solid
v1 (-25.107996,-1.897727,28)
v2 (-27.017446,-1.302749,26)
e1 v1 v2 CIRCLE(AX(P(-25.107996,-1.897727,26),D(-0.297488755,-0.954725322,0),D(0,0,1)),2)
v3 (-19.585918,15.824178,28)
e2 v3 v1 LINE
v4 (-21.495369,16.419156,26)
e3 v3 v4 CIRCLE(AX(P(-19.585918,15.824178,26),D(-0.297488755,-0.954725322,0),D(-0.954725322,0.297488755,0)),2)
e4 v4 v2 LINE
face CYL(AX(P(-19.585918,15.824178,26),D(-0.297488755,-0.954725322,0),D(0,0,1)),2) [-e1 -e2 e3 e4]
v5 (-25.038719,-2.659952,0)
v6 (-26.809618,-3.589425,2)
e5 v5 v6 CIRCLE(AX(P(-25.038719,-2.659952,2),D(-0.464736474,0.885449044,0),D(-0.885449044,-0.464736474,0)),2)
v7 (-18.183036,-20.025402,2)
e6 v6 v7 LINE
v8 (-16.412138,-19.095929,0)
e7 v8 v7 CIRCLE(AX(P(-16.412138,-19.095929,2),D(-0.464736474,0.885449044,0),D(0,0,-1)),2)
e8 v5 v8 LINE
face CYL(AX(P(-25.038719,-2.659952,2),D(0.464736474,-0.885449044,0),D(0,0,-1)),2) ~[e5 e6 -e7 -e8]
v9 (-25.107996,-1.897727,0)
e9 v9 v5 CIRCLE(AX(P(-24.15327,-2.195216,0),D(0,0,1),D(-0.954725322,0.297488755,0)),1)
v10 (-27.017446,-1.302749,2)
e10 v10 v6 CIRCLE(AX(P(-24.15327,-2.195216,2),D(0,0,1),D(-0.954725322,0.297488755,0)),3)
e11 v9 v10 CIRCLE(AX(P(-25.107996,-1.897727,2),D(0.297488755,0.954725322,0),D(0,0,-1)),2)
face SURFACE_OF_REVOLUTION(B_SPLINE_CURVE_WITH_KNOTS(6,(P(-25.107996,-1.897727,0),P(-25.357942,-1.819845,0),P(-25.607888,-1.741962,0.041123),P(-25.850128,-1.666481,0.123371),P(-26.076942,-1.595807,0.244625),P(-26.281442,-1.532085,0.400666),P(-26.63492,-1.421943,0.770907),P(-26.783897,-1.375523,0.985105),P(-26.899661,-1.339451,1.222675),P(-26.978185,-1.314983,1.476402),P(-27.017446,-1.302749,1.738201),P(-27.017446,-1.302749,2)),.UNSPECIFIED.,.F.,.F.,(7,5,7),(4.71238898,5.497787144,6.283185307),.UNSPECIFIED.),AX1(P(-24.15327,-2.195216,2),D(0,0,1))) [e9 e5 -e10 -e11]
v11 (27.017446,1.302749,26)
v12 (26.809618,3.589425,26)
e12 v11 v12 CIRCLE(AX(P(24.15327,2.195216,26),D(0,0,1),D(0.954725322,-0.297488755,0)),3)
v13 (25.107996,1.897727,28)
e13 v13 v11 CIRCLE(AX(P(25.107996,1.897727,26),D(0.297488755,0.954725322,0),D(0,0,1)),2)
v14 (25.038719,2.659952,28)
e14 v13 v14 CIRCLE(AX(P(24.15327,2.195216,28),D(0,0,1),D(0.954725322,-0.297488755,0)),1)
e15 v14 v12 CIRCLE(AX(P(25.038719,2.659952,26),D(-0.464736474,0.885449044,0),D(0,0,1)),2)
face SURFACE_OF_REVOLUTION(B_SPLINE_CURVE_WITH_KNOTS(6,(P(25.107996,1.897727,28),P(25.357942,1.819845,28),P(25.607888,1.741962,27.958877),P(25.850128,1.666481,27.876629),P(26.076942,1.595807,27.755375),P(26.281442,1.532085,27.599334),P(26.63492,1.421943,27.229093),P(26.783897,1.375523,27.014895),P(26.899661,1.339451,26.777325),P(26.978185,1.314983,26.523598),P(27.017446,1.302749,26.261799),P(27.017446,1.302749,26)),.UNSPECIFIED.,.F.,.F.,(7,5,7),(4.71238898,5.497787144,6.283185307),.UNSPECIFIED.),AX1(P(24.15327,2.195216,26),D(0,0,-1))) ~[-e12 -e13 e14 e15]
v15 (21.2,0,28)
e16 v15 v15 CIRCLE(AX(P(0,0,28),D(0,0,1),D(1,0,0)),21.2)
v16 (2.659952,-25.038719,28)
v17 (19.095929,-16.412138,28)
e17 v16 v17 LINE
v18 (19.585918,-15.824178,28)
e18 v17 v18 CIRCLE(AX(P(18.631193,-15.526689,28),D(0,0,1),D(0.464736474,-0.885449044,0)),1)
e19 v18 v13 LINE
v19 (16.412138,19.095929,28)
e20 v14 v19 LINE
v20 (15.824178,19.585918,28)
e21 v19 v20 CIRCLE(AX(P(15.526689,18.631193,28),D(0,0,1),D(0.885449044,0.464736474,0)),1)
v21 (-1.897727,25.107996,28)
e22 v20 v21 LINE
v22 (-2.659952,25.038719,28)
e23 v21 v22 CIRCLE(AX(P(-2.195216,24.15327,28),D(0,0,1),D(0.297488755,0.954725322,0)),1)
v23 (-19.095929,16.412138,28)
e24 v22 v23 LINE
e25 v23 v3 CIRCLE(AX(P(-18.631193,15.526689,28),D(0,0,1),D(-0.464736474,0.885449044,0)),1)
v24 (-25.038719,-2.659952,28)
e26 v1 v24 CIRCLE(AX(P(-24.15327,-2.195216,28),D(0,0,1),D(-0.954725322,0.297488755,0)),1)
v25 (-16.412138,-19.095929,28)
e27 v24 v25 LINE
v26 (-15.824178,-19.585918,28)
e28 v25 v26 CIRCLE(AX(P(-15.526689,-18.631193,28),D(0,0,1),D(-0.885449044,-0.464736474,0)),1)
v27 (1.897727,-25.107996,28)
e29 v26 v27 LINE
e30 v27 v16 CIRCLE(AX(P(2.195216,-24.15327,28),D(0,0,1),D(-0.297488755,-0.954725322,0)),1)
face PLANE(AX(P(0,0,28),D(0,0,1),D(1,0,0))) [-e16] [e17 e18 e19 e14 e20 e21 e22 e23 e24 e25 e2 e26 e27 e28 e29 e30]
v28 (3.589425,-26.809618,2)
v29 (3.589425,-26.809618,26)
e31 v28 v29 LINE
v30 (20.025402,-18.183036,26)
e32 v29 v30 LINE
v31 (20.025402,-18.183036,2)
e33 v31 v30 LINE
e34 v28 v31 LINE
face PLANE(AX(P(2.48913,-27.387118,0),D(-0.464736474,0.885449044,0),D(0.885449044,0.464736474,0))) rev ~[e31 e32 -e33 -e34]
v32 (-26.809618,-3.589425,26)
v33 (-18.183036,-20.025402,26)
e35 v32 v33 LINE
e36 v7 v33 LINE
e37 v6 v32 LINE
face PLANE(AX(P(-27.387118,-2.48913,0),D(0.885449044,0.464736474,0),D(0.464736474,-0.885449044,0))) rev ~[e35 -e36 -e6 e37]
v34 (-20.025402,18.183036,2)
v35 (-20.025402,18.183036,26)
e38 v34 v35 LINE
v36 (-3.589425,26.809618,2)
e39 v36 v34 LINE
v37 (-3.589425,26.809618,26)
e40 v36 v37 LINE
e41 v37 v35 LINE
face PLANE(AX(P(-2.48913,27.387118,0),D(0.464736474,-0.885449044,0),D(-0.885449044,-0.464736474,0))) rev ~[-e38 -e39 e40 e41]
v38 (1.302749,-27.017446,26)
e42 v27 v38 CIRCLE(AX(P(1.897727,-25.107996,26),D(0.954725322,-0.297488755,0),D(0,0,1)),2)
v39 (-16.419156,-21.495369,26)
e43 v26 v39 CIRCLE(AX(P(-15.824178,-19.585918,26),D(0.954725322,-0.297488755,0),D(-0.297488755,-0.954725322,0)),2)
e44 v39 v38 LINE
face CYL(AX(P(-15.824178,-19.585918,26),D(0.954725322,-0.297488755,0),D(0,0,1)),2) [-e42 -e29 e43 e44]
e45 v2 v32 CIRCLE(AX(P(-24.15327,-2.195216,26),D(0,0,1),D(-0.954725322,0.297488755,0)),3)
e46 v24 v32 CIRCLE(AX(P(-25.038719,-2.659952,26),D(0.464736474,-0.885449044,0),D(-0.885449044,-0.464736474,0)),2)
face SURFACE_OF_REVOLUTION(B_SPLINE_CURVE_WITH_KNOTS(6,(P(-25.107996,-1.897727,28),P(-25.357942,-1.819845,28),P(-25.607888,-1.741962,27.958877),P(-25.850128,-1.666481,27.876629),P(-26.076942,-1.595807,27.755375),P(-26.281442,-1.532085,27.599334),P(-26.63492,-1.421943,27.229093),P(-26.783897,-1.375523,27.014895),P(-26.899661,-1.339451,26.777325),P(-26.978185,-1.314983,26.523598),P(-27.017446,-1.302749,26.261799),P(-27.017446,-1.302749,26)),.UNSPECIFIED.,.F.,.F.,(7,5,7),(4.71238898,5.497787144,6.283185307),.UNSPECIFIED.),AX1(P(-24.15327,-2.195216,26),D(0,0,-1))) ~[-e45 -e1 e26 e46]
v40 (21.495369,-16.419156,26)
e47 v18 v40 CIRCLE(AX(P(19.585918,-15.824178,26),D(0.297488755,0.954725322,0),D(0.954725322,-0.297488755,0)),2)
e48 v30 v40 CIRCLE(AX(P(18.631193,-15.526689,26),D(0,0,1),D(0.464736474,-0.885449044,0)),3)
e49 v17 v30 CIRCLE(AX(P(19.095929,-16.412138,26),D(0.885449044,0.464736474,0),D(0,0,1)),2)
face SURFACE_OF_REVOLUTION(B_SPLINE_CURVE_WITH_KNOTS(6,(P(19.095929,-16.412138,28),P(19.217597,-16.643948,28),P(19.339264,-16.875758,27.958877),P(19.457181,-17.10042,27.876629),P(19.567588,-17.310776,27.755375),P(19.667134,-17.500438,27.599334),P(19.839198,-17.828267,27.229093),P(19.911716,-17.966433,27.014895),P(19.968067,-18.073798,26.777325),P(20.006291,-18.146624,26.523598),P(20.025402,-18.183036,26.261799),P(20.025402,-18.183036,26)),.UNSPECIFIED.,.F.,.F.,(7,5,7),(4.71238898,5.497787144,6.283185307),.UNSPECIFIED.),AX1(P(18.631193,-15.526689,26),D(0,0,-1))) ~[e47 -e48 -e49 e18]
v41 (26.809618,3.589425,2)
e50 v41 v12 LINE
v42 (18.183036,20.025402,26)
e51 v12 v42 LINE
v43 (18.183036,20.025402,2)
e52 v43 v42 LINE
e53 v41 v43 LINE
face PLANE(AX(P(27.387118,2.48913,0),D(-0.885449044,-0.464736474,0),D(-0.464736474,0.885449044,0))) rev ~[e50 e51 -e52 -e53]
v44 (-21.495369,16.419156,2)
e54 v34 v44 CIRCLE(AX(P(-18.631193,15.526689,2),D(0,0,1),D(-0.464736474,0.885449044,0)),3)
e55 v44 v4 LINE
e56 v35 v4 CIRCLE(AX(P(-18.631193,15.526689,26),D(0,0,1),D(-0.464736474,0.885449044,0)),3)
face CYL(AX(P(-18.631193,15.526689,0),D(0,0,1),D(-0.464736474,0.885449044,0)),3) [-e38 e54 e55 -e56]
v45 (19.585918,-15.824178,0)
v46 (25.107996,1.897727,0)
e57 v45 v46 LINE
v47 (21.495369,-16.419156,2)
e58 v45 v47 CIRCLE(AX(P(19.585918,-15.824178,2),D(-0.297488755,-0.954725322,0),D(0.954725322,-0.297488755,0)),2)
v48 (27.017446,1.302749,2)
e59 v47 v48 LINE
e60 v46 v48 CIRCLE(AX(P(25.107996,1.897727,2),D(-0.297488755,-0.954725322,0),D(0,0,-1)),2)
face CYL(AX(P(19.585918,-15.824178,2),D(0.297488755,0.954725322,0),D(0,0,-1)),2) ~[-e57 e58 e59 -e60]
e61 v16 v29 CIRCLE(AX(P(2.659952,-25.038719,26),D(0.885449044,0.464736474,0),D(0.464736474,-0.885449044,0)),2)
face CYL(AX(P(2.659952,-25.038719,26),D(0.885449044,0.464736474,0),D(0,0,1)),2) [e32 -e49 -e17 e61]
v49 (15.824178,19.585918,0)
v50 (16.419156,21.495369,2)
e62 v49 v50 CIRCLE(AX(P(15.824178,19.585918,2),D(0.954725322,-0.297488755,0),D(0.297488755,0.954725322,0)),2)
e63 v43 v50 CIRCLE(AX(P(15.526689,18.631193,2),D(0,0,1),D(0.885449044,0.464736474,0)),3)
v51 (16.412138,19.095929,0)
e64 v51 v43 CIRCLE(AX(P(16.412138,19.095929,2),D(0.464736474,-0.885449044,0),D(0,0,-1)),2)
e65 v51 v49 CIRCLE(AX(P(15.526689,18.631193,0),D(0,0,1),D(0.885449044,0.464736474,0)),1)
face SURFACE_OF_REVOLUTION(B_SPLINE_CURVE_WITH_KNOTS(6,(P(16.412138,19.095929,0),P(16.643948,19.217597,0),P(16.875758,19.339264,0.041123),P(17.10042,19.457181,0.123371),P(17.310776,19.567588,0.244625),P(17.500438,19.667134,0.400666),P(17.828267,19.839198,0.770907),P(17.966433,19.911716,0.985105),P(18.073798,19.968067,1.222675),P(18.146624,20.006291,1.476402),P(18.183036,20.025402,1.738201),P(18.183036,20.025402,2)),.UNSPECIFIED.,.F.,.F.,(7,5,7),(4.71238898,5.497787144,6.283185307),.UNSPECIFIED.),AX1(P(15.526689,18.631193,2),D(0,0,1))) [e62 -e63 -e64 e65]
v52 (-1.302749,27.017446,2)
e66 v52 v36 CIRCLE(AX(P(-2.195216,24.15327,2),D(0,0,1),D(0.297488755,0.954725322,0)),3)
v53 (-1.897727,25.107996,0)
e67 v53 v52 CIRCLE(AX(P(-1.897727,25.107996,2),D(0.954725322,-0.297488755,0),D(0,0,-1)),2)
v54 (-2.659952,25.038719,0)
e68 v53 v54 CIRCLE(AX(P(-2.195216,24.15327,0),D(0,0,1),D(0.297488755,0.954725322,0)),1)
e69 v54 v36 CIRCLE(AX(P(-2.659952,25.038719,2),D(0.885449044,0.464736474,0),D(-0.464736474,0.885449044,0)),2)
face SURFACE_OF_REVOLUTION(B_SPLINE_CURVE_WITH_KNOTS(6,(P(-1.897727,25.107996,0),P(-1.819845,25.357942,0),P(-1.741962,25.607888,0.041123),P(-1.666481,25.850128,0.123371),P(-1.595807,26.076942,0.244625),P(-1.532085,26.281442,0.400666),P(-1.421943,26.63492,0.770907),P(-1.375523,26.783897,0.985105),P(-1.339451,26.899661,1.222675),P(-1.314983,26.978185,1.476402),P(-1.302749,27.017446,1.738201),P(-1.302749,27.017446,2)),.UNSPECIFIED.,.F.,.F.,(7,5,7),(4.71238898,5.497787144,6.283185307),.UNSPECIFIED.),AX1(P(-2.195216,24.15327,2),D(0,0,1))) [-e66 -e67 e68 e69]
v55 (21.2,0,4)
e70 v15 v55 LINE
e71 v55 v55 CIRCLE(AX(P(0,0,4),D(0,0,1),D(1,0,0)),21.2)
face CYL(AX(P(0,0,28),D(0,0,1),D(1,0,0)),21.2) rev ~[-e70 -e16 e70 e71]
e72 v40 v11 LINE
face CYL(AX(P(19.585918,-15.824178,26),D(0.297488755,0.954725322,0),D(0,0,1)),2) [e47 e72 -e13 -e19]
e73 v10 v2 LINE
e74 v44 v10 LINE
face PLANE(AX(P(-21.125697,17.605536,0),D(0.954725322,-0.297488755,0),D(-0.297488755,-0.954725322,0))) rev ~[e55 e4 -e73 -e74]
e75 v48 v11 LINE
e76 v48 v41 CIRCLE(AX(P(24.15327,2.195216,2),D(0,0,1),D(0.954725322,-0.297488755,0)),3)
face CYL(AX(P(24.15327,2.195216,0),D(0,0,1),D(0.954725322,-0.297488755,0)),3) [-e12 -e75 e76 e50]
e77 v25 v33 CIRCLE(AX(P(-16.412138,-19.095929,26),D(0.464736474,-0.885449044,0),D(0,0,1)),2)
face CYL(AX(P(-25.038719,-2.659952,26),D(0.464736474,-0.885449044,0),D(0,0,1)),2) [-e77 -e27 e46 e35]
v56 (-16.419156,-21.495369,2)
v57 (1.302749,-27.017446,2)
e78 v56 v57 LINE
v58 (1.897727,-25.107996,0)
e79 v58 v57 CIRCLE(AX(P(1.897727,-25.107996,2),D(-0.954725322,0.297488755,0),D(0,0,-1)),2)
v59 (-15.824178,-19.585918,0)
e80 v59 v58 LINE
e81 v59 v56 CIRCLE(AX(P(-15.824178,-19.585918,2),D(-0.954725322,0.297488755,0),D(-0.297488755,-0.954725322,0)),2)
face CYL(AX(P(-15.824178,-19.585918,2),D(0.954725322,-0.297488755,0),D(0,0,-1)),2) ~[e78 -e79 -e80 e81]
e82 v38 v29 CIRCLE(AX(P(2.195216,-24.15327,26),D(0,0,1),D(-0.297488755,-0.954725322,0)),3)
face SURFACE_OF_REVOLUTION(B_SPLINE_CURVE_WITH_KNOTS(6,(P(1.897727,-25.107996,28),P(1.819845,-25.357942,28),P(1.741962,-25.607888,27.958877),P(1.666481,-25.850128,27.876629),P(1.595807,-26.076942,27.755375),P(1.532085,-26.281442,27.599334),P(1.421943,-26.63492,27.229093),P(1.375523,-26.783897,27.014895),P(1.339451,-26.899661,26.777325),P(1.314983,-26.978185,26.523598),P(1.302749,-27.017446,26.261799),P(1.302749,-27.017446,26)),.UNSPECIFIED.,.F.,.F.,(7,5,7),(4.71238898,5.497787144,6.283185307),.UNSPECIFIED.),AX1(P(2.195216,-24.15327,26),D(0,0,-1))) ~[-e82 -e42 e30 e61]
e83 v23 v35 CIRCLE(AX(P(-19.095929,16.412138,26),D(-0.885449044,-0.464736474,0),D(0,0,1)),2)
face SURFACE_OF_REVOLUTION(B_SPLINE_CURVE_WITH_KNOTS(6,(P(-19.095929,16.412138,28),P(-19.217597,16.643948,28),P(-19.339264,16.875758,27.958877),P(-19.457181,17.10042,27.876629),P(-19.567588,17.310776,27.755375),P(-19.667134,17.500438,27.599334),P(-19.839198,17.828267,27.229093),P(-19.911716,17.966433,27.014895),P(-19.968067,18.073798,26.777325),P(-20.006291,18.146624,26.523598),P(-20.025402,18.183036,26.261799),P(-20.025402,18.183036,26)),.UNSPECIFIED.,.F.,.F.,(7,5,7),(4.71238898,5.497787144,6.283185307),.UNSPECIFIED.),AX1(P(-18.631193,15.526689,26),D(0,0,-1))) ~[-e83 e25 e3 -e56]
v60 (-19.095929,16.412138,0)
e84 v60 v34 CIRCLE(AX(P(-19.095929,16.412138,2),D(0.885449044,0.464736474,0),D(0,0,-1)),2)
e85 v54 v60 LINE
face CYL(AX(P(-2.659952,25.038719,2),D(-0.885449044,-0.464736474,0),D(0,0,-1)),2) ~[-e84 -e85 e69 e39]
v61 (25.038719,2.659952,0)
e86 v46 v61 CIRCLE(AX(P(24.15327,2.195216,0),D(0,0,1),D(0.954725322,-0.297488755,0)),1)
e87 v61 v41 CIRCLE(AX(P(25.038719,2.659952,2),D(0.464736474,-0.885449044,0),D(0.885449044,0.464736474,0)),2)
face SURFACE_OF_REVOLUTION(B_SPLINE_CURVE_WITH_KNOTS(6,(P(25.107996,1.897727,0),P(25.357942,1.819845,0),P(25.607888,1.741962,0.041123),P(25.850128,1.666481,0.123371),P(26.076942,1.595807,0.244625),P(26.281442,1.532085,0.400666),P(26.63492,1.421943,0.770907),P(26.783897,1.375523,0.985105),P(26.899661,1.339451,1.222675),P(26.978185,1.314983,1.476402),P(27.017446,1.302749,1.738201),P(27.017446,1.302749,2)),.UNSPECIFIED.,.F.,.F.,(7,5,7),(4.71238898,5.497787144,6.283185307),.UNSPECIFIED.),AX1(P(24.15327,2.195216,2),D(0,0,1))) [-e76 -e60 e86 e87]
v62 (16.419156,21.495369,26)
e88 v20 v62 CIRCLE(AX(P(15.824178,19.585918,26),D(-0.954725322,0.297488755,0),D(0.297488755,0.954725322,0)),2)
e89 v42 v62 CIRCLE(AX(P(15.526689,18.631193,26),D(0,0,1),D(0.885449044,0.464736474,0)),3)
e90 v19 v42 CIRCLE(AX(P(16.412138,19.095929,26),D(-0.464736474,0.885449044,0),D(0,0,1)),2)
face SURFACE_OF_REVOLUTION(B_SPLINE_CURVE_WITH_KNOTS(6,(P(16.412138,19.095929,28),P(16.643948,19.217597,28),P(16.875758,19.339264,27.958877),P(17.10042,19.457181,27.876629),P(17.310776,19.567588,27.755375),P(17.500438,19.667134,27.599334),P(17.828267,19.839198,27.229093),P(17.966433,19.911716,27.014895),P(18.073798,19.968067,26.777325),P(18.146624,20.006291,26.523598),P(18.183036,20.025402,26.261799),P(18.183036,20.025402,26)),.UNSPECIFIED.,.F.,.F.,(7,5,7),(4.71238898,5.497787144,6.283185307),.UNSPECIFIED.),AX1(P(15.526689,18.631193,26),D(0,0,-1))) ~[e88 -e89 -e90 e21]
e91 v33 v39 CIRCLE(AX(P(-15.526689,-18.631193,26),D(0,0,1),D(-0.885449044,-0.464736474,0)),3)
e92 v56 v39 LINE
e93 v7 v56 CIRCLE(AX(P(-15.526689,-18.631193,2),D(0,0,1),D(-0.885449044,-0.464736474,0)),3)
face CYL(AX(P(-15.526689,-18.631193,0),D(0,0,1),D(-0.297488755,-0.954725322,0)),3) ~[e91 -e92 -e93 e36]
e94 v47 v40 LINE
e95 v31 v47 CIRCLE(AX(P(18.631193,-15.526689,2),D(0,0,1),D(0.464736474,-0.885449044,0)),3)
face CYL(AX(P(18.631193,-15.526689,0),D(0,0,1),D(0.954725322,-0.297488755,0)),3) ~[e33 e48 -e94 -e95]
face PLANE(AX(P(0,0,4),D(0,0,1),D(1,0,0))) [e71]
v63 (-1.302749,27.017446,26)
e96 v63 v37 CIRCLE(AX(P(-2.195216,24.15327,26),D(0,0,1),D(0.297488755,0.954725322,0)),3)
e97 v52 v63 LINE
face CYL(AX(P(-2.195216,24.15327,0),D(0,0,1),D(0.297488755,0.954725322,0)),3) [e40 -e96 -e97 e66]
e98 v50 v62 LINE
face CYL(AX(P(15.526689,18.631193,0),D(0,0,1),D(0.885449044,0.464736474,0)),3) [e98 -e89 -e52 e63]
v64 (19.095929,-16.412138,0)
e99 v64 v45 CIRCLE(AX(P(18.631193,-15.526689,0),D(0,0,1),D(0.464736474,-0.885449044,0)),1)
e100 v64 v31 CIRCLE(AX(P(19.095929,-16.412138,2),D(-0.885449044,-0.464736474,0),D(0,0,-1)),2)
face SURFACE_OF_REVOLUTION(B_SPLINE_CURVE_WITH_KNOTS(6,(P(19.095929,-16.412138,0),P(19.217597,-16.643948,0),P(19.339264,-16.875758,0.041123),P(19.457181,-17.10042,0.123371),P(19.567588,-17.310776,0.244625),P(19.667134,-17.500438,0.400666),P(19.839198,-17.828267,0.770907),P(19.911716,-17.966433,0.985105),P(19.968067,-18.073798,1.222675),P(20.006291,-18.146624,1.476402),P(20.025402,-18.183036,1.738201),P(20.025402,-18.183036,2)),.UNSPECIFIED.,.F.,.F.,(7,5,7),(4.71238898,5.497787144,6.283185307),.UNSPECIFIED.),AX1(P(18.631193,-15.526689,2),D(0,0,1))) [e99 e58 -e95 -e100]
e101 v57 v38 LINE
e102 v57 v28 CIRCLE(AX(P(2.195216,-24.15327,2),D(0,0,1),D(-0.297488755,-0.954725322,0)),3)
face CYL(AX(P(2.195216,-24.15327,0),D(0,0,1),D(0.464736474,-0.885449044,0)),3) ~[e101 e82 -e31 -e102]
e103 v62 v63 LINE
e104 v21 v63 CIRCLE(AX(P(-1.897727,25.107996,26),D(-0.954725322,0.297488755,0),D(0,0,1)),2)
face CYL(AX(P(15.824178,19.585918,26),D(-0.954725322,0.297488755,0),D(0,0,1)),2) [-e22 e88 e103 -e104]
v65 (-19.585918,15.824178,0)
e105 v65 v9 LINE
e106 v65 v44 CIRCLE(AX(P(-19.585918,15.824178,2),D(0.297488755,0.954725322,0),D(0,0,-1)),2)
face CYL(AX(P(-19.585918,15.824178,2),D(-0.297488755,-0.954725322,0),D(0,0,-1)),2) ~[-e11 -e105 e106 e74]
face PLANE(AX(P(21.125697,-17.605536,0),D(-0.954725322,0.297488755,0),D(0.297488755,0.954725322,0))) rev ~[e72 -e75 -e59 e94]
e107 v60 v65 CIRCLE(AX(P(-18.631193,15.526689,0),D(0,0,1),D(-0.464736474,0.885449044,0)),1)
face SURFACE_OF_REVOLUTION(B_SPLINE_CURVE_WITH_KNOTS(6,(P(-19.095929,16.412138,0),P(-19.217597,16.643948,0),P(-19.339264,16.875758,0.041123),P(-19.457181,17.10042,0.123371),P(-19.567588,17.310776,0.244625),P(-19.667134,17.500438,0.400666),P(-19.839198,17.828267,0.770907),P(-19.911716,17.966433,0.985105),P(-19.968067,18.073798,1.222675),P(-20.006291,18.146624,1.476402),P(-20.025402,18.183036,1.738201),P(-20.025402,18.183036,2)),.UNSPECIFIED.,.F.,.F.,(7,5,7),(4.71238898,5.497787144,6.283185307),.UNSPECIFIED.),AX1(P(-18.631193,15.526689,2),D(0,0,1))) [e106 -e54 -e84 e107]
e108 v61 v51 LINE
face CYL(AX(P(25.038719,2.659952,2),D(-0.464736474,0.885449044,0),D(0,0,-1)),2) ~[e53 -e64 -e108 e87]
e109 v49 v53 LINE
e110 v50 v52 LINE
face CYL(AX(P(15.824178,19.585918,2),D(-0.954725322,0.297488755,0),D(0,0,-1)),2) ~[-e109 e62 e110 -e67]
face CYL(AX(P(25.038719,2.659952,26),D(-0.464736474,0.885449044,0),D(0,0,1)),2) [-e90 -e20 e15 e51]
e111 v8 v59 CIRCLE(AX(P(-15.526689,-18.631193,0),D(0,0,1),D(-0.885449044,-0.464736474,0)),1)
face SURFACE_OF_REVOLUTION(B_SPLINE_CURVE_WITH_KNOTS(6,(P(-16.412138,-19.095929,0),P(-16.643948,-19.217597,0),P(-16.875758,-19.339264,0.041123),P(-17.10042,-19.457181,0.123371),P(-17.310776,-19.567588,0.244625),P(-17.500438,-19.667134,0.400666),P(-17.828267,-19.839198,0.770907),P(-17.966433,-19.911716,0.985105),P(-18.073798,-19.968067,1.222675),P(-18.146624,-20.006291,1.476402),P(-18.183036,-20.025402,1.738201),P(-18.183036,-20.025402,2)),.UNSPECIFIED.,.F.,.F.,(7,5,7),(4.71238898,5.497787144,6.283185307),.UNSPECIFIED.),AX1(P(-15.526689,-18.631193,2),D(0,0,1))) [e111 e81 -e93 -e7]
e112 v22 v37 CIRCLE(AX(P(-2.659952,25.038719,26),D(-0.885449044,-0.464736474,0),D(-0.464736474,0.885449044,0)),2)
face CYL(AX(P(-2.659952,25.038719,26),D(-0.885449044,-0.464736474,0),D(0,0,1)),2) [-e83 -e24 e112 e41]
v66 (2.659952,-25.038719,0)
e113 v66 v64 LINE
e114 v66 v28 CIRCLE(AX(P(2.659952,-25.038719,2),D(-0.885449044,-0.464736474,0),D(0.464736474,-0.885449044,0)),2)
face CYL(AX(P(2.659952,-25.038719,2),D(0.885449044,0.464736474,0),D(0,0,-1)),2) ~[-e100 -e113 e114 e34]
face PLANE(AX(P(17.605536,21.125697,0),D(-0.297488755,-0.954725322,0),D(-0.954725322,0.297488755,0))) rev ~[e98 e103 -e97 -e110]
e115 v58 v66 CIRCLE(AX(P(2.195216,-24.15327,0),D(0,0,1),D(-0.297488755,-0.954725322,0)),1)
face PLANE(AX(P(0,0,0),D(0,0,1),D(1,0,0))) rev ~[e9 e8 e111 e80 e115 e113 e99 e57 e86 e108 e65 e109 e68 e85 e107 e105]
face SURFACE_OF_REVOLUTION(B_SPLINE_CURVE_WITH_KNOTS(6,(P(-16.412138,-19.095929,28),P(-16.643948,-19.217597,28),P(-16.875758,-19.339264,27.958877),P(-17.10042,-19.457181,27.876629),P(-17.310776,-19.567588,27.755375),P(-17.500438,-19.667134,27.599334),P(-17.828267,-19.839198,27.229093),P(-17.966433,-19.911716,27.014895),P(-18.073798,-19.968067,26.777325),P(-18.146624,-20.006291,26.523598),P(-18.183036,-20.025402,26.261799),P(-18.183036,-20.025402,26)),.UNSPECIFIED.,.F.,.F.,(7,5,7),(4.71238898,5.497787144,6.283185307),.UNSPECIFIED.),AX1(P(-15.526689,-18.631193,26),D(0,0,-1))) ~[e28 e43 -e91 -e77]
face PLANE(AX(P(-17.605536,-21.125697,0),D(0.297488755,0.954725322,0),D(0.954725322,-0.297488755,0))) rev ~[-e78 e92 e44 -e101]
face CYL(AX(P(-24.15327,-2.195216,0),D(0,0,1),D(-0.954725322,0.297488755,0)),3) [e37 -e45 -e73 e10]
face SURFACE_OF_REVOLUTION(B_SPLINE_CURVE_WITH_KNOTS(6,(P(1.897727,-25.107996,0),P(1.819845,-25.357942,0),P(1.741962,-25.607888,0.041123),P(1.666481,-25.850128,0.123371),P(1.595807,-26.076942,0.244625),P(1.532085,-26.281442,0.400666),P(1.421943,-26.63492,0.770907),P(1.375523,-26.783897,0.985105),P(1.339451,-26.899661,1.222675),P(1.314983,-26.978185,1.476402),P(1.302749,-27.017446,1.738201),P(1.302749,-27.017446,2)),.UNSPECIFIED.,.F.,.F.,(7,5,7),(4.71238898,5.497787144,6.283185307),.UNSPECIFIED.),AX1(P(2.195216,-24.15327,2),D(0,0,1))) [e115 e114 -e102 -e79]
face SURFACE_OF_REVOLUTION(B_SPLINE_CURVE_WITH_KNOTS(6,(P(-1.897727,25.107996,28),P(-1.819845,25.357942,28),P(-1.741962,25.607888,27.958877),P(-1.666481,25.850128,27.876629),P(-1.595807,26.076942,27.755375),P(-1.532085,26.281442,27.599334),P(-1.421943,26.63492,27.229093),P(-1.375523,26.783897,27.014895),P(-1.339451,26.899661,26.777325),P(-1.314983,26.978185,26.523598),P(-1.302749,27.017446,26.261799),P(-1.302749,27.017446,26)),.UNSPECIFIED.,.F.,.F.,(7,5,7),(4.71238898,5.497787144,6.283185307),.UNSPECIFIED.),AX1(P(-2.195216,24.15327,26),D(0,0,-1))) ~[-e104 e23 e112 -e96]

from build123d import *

# Parameters (mm, degrees)
PAD_DEPTH    = 28
SKETCH001_R  = 21.2
POCKET_DEPTH = 24
FILLET_R     = 3
FILLET001_R  = 2
FILLET002_R  = 2


with BuildPart() as part:
    # Sketch (on XY_Plane of Origin) → Pad (new body)
    with BuildSketch(Plane.XY):
        Polygon((21.125697, -17.605536), (27.387118, 2.48913), (17.605536, 21.125697), (-2.48913, 27.387118), (-21.125697, 17.605536), (-27.387118, -2.48913), (-17.605536, -21.125697), (2.48913, -27.387118), align=None)
    extrude(amount=PAD_DEPTH)

    # Sketch001 (on Face10 of Pad) → Pocket (cut)
    with BuildSketch(Plane.XY.offset(28)):
        Circle(SKETCH001_R)
    extrude(amount=-POCKET_DEPTH, mode=Mode.SUBTRACT)

    # Fillet
    fillet_edges = [part.edges().sort_by_distance(p)[0] for p in [
        (2.48913, -27.387118, 14),
        (21.125697, -17.605536, 14),
        (27.387118, 2.48913, 14),
        (17.605536, 21.125697, 14),
        (-2.48913, 27.387118, 14),
        (-21.125697, 17.605536, 14),
        (-27.387118, -2.48913, 14),
        (-17.605536, -21.125697, 14),
    ]]
    fillet(fillet_edges, radius=FILLET_R)

    # Fillet001
    fillet001_edges = [part.edges().sort_by_distance(p)[0] for p in [
        (-24.256408, 7.558203, 0),
        (-11.807414, 22.496327, 0),
        (7.558203, 24.256408, 0),
        (22.496327, 11.807414, 0),
        (24.256408, -7.558203, 0),
        (11.807414, -22.496327, 0),
        (-7.558203, -24.256408, 0),
        (-22.496327, -11.807414, 0),
    ]]
    fillet(fillet001_edges, radius=FILLET001_R)

    # Fillet002
    fillet002_edges = [part.edges().sort_by_distance(p)[0] for p in [
        (22.496327, 11.807414, 28),
        (24.256408, -7.558203, 28),
        (11.807414, -22.496327, 28),
        (7.558203, 24.256408, 28),
        (-11.807414, 22.496327, 28),
        (-24.256408, 7.558203, 28),
        (-22.496327, -11.807414, 28),
        (-7.558203, -24.256408, 28),
    ]]
    fillet(fillet002_edges, radius=FILLET002_R)


solid = part.part
